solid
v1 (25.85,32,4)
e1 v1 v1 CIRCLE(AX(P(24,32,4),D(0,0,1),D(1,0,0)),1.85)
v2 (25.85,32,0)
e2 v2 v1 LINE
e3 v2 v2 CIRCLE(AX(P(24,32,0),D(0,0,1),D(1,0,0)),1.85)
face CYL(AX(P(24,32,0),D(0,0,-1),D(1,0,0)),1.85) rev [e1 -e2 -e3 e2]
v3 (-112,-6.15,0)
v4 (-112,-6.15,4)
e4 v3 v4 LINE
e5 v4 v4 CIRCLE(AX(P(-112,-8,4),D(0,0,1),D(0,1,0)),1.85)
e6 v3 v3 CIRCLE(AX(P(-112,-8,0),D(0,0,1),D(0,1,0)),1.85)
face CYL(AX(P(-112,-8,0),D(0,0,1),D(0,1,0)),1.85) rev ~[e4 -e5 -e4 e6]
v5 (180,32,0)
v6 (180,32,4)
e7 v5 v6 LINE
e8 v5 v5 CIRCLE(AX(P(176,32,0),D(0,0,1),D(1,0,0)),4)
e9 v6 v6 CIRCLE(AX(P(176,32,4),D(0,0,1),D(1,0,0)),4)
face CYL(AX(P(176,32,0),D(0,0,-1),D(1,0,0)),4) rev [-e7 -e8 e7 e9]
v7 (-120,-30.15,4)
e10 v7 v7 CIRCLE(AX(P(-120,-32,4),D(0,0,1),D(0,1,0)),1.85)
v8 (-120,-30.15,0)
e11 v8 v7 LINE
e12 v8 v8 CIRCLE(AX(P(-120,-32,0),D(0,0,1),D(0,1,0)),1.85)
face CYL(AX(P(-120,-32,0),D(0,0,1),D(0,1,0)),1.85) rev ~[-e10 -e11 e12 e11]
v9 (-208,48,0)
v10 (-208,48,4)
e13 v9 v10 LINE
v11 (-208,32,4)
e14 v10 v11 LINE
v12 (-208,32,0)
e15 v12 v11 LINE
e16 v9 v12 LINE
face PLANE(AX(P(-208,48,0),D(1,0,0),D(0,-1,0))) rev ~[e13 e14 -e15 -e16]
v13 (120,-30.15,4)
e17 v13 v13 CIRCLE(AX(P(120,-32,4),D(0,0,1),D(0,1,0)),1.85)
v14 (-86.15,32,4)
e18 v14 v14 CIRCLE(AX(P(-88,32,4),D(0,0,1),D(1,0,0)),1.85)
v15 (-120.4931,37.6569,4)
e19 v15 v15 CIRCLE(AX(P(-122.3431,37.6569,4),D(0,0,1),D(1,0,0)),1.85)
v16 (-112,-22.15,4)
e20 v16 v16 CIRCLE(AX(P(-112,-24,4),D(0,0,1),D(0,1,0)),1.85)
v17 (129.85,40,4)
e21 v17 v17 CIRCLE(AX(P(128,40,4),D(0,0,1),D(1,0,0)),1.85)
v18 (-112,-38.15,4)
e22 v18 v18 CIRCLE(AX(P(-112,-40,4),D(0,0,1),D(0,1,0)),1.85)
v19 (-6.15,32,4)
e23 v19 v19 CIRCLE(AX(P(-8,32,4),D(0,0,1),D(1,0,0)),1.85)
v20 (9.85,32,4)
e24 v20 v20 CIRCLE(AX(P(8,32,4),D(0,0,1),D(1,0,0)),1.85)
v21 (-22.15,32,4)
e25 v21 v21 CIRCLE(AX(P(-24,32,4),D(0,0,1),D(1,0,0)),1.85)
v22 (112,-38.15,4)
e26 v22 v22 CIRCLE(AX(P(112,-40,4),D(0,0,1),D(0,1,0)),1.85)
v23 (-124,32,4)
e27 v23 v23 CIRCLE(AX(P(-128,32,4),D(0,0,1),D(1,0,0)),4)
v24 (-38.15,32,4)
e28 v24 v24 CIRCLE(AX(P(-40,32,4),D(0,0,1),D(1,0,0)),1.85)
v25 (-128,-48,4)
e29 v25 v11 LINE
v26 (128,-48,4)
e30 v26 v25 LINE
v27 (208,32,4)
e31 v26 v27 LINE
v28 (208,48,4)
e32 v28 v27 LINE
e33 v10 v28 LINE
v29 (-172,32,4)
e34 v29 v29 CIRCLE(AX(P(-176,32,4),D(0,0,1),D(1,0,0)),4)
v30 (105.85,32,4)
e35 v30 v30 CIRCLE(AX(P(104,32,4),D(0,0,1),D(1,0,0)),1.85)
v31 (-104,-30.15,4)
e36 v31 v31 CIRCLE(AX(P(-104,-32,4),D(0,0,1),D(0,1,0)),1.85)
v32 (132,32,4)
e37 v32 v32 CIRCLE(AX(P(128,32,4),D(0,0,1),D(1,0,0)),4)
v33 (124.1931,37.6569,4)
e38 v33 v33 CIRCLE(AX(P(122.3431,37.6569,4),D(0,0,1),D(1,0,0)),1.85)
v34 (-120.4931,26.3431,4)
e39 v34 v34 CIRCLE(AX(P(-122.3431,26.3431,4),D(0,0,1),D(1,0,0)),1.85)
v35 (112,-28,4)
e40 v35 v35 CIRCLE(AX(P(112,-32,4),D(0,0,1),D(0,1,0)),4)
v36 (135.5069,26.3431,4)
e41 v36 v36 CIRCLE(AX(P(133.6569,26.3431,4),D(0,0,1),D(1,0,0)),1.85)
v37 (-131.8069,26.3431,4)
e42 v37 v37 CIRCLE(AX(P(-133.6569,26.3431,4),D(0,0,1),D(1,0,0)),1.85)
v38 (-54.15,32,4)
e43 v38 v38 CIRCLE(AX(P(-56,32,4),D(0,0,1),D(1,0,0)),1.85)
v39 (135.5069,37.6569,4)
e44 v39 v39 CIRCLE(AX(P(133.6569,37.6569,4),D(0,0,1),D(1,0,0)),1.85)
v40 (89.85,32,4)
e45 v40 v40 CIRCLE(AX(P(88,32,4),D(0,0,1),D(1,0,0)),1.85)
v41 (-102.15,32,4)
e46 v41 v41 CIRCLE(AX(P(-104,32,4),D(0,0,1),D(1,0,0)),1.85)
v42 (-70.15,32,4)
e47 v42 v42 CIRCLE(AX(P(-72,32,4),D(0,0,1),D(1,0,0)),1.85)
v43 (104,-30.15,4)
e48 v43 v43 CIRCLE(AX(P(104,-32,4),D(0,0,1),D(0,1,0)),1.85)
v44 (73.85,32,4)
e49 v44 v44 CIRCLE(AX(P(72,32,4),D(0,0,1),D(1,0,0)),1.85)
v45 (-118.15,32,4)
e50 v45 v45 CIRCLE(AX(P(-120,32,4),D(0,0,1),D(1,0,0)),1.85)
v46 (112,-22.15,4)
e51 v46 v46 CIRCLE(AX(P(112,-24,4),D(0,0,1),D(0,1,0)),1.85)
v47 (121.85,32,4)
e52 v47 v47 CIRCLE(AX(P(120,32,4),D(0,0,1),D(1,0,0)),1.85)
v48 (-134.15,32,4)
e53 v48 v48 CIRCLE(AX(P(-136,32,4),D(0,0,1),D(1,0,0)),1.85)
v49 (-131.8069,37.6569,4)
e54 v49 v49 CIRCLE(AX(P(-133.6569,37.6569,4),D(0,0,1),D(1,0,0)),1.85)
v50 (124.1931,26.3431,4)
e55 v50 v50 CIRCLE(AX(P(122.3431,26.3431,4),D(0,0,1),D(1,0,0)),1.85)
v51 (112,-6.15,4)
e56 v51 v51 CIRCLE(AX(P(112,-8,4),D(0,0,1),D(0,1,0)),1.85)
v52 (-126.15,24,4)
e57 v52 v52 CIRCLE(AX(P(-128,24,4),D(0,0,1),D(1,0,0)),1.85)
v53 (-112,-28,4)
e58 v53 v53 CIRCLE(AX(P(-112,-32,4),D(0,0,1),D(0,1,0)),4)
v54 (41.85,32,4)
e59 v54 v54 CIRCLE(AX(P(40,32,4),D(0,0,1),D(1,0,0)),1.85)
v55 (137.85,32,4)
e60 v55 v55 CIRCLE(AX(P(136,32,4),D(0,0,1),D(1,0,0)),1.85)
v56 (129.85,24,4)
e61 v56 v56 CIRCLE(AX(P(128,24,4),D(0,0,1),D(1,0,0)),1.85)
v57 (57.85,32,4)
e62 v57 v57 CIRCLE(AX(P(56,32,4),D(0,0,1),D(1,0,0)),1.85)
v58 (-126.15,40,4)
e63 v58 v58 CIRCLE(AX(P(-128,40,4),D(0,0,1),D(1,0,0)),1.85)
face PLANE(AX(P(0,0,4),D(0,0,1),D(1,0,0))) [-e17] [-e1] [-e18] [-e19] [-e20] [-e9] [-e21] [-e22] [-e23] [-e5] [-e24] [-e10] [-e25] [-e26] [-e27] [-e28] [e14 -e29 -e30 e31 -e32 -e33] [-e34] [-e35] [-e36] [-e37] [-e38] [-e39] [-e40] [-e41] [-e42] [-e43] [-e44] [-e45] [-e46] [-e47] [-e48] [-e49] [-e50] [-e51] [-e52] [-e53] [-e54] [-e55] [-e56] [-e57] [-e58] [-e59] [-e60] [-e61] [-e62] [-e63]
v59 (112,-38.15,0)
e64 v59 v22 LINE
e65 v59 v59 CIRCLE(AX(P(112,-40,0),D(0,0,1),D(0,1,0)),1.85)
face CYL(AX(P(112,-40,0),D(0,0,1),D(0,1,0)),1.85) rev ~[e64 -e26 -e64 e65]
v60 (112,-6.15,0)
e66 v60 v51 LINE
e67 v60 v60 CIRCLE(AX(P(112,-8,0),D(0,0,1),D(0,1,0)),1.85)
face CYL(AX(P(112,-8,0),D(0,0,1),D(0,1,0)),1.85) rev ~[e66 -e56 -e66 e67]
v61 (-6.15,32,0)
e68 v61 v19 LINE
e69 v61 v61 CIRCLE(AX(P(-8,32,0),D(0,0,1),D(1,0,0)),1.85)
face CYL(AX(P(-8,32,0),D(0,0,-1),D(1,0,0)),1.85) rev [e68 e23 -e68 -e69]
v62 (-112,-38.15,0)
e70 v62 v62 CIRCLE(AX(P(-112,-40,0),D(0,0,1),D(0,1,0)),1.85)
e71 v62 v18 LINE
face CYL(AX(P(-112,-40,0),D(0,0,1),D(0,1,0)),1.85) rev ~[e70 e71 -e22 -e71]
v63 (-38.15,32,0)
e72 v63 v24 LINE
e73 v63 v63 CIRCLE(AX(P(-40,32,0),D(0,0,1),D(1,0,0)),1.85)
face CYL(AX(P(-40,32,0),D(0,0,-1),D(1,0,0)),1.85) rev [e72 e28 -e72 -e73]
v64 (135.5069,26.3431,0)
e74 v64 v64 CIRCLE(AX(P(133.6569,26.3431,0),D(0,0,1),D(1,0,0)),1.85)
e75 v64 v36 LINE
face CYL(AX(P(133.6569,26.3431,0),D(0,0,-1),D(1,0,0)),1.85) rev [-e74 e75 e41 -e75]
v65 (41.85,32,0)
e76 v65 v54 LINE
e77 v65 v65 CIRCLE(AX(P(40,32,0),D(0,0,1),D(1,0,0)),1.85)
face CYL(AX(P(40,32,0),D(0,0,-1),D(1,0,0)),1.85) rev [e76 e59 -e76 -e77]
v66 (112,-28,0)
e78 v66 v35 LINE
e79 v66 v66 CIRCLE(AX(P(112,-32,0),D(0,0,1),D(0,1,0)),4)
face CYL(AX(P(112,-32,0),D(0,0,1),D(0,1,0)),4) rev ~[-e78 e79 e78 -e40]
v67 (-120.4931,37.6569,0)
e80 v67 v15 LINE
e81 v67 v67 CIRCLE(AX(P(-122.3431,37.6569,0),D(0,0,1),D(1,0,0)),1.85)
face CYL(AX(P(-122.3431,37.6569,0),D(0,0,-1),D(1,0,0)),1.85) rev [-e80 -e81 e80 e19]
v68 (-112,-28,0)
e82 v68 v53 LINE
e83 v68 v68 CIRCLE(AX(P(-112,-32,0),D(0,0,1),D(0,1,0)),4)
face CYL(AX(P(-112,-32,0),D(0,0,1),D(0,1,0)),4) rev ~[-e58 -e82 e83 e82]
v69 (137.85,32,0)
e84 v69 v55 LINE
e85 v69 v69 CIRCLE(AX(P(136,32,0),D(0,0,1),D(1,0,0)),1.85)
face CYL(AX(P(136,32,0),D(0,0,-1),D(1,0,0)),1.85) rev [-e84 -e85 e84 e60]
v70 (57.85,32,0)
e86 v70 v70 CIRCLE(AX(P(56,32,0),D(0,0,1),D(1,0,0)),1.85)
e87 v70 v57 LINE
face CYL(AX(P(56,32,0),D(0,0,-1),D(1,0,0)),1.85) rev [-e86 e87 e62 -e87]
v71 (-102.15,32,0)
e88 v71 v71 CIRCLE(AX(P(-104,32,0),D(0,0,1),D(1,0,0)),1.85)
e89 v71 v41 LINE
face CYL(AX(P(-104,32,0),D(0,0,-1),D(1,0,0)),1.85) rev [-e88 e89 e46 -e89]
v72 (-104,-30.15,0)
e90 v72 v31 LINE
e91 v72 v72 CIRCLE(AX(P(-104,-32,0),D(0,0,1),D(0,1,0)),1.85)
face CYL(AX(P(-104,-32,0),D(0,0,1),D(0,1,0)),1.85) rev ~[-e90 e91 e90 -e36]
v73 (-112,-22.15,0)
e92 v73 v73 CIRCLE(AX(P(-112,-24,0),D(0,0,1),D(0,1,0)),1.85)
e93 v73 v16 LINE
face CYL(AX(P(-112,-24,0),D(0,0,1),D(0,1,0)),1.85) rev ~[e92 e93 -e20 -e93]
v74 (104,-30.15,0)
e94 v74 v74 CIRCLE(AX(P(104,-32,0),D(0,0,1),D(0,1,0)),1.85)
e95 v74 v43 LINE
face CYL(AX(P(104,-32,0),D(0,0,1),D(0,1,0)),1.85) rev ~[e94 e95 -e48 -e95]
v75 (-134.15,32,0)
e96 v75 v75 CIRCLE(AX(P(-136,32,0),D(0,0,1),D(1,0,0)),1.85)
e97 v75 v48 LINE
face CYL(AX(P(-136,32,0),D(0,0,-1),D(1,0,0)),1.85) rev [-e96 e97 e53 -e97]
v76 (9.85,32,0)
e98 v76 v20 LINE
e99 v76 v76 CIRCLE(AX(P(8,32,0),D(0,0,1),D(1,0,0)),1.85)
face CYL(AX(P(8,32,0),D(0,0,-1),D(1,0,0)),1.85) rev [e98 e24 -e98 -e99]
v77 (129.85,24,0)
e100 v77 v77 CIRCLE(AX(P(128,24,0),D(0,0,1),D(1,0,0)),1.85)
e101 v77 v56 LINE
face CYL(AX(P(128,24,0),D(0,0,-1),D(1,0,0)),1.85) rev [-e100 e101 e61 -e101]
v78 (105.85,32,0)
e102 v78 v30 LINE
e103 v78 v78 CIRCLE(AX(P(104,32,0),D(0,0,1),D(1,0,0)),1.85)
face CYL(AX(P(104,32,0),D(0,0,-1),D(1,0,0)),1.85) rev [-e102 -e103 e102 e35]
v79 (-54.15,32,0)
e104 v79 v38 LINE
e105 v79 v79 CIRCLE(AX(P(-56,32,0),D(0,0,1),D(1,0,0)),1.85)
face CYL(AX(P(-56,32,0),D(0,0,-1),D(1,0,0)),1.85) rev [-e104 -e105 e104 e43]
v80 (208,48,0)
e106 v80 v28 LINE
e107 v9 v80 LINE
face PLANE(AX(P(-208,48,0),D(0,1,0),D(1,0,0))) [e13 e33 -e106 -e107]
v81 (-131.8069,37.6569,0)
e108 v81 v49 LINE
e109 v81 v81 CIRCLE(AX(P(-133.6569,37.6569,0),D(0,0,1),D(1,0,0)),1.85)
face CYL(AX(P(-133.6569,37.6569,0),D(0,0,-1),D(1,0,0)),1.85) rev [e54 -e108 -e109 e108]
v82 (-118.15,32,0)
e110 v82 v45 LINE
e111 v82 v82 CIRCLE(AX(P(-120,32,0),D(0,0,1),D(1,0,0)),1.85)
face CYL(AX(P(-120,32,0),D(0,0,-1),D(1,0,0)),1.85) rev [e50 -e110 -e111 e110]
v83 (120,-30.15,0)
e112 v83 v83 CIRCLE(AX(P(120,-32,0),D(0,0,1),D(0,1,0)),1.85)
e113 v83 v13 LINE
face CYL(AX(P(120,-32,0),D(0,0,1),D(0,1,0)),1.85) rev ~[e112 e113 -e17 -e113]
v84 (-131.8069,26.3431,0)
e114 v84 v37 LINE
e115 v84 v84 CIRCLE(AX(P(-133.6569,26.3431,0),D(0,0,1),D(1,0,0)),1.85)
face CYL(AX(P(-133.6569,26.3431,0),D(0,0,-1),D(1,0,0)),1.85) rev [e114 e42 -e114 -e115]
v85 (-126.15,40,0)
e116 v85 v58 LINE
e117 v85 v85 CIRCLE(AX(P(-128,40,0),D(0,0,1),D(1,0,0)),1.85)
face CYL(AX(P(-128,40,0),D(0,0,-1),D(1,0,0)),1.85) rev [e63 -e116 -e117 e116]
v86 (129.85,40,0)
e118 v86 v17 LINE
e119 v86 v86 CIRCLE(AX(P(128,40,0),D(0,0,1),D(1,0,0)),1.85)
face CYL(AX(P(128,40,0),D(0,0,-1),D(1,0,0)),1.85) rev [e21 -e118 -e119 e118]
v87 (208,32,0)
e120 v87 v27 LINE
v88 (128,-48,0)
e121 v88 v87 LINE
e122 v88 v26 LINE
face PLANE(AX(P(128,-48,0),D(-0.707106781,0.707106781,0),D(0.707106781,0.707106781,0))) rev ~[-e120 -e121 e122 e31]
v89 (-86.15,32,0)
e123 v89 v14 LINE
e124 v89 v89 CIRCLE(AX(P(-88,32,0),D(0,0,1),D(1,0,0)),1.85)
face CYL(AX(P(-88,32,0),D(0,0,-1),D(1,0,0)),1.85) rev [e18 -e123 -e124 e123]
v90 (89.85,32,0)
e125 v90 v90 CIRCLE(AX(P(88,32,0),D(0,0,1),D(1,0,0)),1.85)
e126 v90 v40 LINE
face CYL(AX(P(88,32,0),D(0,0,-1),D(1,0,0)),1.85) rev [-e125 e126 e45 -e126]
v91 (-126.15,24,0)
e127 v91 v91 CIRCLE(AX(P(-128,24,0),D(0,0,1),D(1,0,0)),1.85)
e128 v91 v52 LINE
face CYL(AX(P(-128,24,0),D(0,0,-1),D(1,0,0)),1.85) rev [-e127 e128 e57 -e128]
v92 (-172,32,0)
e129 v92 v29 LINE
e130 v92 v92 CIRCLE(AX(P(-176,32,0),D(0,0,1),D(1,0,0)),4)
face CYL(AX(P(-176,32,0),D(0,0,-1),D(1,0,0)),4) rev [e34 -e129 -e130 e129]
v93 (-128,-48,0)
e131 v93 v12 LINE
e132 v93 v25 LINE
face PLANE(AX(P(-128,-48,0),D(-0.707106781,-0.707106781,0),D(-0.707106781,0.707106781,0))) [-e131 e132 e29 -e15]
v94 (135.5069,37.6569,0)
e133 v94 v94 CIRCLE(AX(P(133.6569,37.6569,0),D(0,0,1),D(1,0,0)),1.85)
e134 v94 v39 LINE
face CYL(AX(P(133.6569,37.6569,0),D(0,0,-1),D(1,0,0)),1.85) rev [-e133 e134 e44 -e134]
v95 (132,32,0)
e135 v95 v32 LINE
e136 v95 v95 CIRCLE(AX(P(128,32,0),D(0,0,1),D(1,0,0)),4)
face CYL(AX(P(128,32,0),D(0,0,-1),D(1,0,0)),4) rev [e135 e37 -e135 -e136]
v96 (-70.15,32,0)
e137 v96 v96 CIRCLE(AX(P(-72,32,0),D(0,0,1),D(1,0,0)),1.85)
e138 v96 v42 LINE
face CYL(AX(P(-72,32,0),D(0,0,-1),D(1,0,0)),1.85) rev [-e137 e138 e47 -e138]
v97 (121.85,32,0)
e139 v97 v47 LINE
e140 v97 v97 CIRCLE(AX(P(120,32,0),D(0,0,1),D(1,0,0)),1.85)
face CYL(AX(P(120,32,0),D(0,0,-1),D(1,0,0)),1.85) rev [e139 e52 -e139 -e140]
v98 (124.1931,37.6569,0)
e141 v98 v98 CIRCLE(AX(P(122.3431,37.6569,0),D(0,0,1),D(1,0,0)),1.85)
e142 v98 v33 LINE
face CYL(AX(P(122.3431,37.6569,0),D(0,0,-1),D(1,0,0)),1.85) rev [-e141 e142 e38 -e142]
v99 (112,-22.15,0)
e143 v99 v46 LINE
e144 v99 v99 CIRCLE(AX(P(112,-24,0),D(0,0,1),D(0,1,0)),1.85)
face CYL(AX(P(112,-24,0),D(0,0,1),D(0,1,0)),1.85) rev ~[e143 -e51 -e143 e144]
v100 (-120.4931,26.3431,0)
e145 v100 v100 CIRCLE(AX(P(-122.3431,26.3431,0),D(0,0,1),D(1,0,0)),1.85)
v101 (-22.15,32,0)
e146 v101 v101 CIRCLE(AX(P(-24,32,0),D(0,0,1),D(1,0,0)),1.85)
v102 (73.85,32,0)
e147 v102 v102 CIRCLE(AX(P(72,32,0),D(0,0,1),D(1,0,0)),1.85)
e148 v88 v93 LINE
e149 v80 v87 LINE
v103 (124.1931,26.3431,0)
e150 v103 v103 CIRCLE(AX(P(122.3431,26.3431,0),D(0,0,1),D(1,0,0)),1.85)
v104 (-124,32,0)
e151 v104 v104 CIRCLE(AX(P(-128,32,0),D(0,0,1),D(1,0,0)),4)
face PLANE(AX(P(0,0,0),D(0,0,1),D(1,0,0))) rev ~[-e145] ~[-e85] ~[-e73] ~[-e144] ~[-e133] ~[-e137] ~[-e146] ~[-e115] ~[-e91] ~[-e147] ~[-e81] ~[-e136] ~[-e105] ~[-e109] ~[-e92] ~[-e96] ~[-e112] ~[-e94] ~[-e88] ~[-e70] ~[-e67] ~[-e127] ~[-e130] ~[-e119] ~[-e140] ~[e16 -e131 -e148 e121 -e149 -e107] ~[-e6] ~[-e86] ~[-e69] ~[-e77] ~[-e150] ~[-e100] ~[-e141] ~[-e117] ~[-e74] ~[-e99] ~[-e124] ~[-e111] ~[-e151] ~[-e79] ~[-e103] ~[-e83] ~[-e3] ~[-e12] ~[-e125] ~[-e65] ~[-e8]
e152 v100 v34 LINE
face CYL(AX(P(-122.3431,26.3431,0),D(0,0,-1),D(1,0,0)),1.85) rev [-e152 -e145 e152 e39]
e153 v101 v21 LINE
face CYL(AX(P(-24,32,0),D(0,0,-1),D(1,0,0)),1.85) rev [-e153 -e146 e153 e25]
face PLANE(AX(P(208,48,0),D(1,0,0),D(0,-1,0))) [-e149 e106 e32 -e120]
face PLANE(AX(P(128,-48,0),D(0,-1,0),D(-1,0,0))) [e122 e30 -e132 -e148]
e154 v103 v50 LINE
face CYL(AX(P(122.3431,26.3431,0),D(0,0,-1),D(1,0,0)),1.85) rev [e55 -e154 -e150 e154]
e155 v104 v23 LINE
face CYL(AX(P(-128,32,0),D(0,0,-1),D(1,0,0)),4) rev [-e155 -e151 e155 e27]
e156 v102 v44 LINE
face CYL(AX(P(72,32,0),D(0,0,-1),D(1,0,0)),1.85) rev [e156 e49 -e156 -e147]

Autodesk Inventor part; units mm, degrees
ref_plane "YZ Plane" through (0, 0, 0) normal (1, 0, 0) x (0, 1, 0)
ref_plane "XZ Plane" through (0, 0, 0) normal (0, 1, 0) x (-1, 0, 0)
ref_plane "XY Plane" through (0, 0, 0) normal (0, 0, 1) x (1, 0, 0)
sketch "Sketch1" plane through (0, 0, 0) normal (0, 0, 1) x (1, 0, 0)
  line L0 (-208, 48) -> (208, 48)
  line L1 (208, -48) -> (-208, 48) construction
  line L2 (-208, -48) -> (208, 48) construction
  circle A0 centre (176, 32) radius 4 projected
  circle A1 centre (-176, 32) radius 4 projected
  circle A2 centre (-128, 40) radius 1.85 projected
  circle A3 centre (-133.6569, 37.6569) radius 1.85 projected
  circle A4 centre (-136, 32) radius 1.85 projected
  circle A5 centre (-133.6569, 26.3431) radius 1.85 projected
  circle A6 centre (-128, 24) radius 1.85 projected
  circle A7 centre (-128, 32) radius 4 projected
  circle A8 centre (-122.3431, 26.3431) radius 1.85 projected
  circle A9 centre (-120, 32) radius 1.85 projected
  circle A10 centre (-122.3431, 37.6569) radius 1.85 projected
  circle A11 centre (128, 40) radius 1.85 projected
  circle A12 centre (122.3431, 37.6569) radius 1.85 projected
  circle A13 centre (120, 32) radius 1.85 projected
  circle A14 centre (122.3431, 26.3431) radius 1.85 projected
  circle A15 centre (128, 24) radius 1.85 projected
  circle A16 centre (133.6569, 26.3431) radius 1.85 projected
  circle A17 centre (128, 32) radius 4 projected
  circle A18 centre (136, 32) radius 1.85 projected
  circle A19 centre (133.6569, 37.6569) radius 1.85 projected
  circle A20 centre (104, 32) radius 1.85 projected
  circle A21 centre (88, 32) radius 1.85 projected
  circle A22 centre (72, 32) radius 1.85 projected
  circle A23 centre (56, 32) radius 1.85 projected
  circle A24 centre (40, 32) radius 1.85 projected
  circle A25 centre (24, 32) radius 1.85 projected
  circle A26 centre (8, 32) radius 1.85 projected
  circle A27 centre (-8, 32) radius 1.85 projected
  circle A28 centre (-24, 32) radius 1.85 projected
  circle A29 centre (-40, 32) radius 1.85 projected
  circle A30 centre (-56, 32) radius 1.85 projected
  circle A31 centre (-72, 32) radius 1.85 projected
  circle A32 centre (-88, 32) radius 1.85 projected
  circle A33 centre (-104, 32) radius 1.85 projected
  line L3 (-208, 48) -> (-208, 32)
  line L4 (-128, -48) -> (-208, 32)
  line L5 (208, 48) -> (208, 32)
  line L6 (128, -48) -> (208, 32)
  line L7 (128, -48) -> (-128, -48)
  point P0 (0, 0)
  dimension "d0" = 416
  dimension "d1" = 96
  dimension "d22" = 16
  dimension "d23" = 80
  dimension "d24" = 16
extrude "Extrusion2" add sketch "Sketch1" along normal blind 4
sketch "Sketch2" plane through (0, 0, 0) normal (0, 0, -1) x (-1, 0, 0)
  circle A0 centre (-112, -32) radius 4 projected
  circle A1 centre (112, -32) radius 4 projected
  point P0 (0, 0)
sketch "Sketch3" plane through (0, 0, 0) normal (0, 0, -1) x (-1, 0, 0)
  circle A0 centre (-112, -24) radius 1.85 projected
  circle A1 centre (-104, -32) radius 1.85 projected
  circle A2 centre (-112, -40) radius 1.85 projected
  circle A3 centre (-120, -32) radius 1.85 projected
  circle A4 centre (-112, -8) radius 1.85 projected
  circle A5 centre (112, -8) radius 1.85 projected
  circle A6 centre (120, -32) radius 1.85 projected
  circle A7 centre (112, -40) radius 1.85 projected
  circle A8 centre (104, -32) radius 1.85 projected
  circle A9 centre (112, -24) radius 1.85 projected
  point P0 (0, 0)
hole "Hole1" at (112, -32, 0) at (-112, -32, 0) direction (0, 0, 1) diameter 8 end through all
hole "Hole2" at (-112, -24, 0) at (-112, -8, 0) at (-120, -32, 0) at (-112, -40, 0) at (-104, -32, 0) at (112, -8, 0) at (120, -32, 0) at (112, -40, 0) at (104, -32, 0) at (112, -24, 0) direction (0, 0, 1) diameter 3.7 end through all
properties part number "bot plate"
